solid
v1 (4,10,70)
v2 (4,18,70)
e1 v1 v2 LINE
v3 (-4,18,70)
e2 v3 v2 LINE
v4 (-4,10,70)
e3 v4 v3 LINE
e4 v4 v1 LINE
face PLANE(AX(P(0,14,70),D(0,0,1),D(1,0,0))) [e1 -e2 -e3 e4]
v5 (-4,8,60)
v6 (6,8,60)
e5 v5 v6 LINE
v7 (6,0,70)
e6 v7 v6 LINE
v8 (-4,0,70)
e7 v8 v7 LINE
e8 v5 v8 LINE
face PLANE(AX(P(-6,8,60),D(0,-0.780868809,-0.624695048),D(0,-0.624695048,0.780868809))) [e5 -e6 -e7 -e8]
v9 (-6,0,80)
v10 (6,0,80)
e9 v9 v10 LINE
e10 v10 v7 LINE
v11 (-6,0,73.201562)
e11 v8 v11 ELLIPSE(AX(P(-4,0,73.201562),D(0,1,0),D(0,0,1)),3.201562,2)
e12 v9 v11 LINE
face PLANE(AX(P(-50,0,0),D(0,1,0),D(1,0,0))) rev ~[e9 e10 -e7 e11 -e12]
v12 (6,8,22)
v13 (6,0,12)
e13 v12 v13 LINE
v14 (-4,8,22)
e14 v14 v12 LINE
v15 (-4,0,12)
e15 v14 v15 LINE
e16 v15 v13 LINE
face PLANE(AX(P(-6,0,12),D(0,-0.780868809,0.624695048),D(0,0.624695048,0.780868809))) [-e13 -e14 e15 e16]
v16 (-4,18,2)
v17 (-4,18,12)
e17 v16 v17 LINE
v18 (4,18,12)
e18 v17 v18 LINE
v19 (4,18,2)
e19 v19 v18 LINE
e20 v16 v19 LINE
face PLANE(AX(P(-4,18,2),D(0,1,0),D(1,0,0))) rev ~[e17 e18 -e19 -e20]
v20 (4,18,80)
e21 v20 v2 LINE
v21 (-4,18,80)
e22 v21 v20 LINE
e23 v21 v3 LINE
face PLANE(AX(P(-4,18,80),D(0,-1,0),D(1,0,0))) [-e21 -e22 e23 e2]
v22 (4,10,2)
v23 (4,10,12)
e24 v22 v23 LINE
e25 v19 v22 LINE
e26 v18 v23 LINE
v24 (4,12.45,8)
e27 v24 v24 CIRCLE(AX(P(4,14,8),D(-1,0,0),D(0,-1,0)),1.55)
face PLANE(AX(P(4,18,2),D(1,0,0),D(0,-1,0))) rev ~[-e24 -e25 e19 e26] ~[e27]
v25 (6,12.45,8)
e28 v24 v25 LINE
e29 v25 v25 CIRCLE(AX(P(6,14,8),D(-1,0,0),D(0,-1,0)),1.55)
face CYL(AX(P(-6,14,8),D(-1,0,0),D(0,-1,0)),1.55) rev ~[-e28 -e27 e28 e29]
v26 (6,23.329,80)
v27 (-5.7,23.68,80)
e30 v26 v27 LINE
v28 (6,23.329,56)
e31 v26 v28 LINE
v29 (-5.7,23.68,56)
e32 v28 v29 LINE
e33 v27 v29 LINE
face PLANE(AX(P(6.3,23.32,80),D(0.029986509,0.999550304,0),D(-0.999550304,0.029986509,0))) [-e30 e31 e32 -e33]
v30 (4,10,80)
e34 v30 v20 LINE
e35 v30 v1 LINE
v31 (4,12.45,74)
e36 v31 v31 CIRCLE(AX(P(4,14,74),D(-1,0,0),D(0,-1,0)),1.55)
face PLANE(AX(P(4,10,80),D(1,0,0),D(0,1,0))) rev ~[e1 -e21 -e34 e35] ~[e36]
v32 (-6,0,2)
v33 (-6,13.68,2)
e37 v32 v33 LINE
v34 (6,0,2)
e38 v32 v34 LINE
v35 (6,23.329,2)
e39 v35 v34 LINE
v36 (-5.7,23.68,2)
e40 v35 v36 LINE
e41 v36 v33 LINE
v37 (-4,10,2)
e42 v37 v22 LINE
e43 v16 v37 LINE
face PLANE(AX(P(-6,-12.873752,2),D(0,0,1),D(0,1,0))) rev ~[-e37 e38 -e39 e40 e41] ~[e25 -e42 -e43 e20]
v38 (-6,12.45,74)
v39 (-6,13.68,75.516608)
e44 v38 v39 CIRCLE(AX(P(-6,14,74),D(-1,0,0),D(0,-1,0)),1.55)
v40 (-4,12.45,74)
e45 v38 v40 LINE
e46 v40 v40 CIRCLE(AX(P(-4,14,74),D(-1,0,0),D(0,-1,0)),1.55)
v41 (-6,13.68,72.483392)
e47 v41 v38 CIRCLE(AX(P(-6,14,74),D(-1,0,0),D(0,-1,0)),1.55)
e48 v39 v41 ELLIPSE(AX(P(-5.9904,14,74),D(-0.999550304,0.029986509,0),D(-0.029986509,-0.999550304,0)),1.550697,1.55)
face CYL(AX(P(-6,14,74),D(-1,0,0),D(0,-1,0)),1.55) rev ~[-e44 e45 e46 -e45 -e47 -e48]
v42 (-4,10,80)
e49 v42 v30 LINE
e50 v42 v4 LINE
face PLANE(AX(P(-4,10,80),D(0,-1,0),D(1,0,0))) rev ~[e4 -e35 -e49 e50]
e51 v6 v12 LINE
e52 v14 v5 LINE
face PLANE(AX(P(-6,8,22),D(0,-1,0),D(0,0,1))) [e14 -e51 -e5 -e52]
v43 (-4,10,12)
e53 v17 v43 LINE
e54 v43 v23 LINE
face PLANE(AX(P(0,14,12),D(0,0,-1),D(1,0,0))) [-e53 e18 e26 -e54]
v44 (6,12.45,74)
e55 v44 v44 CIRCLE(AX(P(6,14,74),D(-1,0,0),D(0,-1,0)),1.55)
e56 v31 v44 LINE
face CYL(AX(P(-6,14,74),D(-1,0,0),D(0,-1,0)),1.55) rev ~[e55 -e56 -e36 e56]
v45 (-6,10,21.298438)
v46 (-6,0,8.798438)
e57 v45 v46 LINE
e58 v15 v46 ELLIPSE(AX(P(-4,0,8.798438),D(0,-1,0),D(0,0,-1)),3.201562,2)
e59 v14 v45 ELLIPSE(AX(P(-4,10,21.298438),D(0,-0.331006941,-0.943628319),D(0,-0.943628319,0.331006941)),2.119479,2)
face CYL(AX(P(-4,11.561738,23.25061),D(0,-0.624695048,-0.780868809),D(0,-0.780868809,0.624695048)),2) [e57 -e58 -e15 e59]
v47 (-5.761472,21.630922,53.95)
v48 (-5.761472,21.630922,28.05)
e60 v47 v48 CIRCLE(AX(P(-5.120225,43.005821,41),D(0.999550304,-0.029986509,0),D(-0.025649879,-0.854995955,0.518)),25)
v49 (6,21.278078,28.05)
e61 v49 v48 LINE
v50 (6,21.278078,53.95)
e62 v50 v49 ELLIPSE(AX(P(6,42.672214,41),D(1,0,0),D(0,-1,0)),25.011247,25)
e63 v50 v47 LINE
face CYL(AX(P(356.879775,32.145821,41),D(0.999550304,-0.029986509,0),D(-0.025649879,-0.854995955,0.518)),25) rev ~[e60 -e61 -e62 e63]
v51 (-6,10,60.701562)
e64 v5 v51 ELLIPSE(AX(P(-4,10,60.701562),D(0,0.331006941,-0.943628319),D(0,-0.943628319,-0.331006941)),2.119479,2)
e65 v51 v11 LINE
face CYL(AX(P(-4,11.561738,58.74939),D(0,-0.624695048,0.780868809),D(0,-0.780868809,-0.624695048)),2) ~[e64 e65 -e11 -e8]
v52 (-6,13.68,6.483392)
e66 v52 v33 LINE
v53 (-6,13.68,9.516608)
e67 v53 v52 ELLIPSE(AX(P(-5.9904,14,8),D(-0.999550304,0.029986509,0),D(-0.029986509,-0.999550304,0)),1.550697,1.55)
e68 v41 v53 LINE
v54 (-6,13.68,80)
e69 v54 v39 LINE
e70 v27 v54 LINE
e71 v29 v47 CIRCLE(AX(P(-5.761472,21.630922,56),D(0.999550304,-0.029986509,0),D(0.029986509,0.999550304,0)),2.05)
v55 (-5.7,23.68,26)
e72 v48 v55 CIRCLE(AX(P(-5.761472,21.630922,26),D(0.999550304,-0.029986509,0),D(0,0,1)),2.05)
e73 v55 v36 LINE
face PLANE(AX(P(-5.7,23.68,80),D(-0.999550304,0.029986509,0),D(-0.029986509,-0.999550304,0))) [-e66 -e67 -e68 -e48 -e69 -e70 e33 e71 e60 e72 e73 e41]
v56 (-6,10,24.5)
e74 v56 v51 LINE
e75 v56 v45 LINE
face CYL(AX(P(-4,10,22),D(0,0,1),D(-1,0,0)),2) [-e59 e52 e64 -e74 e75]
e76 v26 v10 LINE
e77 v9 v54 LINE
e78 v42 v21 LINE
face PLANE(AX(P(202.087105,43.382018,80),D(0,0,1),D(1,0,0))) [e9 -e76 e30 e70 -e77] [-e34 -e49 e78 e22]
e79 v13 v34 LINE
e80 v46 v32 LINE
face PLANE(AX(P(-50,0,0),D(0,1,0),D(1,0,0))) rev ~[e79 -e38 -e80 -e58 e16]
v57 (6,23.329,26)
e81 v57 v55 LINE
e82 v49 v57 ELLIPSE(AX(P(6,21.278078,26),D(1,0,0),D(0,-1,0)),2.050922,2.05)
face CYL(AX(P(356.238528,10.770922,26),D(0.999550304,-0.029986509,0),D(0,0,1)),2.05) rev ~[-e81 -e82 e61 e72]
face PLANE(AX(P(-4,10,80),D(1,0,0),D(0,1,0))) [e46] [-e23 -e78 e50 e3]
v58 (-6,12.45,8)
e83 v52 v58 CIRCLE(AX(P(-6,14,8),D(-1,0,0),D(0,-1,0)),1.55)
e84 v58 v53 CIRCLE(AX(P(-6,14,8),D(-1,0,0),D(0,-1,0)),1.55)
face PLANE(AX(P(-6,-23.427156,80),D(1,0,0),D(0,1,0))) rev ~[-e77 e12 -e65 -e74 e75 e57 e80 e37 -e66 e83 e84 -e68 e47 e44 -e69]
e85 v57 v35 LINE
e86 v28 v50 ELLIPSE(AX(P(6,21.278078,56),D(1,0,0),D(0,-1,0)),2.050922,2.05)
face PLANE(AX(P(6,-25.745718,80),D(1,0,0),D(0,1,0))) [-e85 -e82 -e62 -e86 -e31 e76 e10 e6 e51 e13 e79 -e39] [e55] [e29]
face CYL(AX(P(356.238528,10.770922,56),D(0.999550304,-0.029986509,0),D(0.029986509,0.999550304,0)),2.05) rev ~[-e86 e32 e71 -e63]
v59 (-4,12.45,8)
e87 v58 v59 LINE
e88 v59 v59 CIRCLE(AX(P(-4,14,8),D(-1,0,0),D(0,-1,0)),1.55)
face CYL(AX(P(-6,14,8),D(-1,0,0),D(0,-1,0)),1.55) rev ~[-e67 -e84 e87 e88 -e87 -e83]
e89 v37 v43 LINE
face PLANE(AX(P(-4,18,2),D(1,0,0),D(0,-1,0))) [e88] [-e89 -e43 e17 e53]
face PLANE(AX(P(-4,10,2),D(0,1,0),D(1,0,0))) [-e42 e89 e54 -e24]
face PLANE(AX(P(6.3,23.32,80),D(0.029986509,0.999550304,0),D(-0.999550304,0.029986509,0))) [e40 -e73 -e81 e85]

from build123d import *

# Parameters (mm, degrees)
PAD_DEPTH       = 80
POCKET_DEPTH    = 78
POCKET001_DEPTH = 408.7079232475
POCKET002_DEPTH = 408.4326470939
SKETCH004_W     = 93.184578
SKETCH004_H     = 155.633668
SKETCH004_W_2   = 509.235046
SKETCH004_H_2   = 157.082754
POCKET003_DEPTH = 80.001
POCKET004_DEPTH = 12.001
SKETCH006_W     = 8
SKETCH006_H     = 8
POCKET005_DEPTH = 10
SKETCH007_W     = 8
SKETCH007_H     = 8
POCKET006_DEPTH = 10
SKETCH008_R     = 1.55
POCKET007_DEPTH = 12.001
FILLET_R        = 2
FILLET001_R     = 2
FILLET002_R     = 2


with BuildPart() as part:
    # Sketch → Pad (new body)
    with BuildSketch(Plane.XY):
        Polygon((450, 0), (450, 90), (356, 87.18), (355.64, 99.18), (343.64, 98.82), (344, 86.82), (6, 76.68), (5.64, 88.6800000001), (-6.36, 88.3200000001), (-6, 76.32), (-50, 75), (-50, 0), align=None)
    extrude(amount=PAD_DEPTH)

    # Sketch001 (on Face14 of Pad) → Pocket (cut)
    with BuildSketch(Plane.XY.offset(80)):
        Polygon((-50, 15), (-50, 74), (450, 74), (450, 0), (356, 2.82), (356.3, 12.82), (344.3, 13.18), (344, 3.18), (6, 13.32), (6.3, 23.32), (-5.7, 23.68), (-6, 13.68), align=None)
    extrude(amount=-POCKET_DEPTH, mode=Mode.SUBTRACT)

    # Sketch002 (on Face26 of Pocket) → Pocket001 (cut, through all)
    with BuildSketch(Plane(origin=(355.5953641722, -10.6678609252, 0), x_dir=(0.0299865091, 0.9995503035, 0), z_dir=(0.9995503035, -0.0299865091, 0))):
        with BuildLine():
            ThreePointArc((23.4984280855, 56), (19.9988591841, 57.4495689014), (21.4484280855, 53.95))
            ThreePointArc((21.4484280855, 53.95), (17.8329435114, 41), (21.4484280855, 28.05))
            ThreePointArc((21.4484280855, 28.05), (19.9988591841, 24.5504310986), (23.4984280855, 26))
            Line((23.4984280855, 26), (23.4984280855, 56))
        make_face()
    extrude(amount=-POCKET001_DEPTH, mode=Mode.SUBTRACT)

    # Sketch003 (on Face14 of Pocket001) → Pocket002 (cut, through all)
    with BuildSketch(Plane(origin=(358.2929363573, 10.7487880907, 0), x_dir=(-0.0299865091, 0.9995503035, 0), z_dir=(0.9995503035, 0.0299865091, 0))):
        with BuildLine():
            ThreePointArc((88.470997005, 56), (84.9714281036, 57.4495689014), (86.420997005, 53.95))
            ThreePointArc((86.420997005, 53.95), (82.8055124309, 41), (86.420997005, 28.05))
            ThreePointArc((86.420997005, 28.05), (84.9714281036, 24.5504310986), (88.470997005, 26))
            Line((88.470997005, 26), (88.470997005, 56))
        make_face()
    extrude(amount=-POCKET002_DEPTH, mode=Mode.SUBTRACT)

    # Sketch004 (on Face7 of Pocket002) → Pocket003 (cut, through all)
    with BuildSketch(Plane.XY.offset(80)):
        with Locations((-52.592289, 54.389678)):
            Rectangle(SKETCH004_W, SKETCH004_H)
        with Locations((260.617523, 52.795659)):
            Rectangle(SKETCH004_W_2, SKETCH004_H_2)
    extrude(amount=-POCKET003_DEPTH, mode=Mode.SUBTRACT)

    # Sketch005 (on Face3 of Pocket003) → Pocket004 (cut, through all)
    with BuildSketch(Plane(origin=(-6, 0, 0), x_dir=(0, -1, 0), z_dir=(-1, 0, 0))):
        Polygon((12.873752, 2), (-23.68, 2), (-23.68, 84.957535), (-97.468468, 84.957535), (-97.468468, -3.470766), (12.873752, -3.470766), align=None)
    extrude(amount=-POCKET004_DEPTH, mode=Mode.SUBTRACT)

    # Sketch006 (on Face4 of Pocket004) → Pocket005 (cut)
    with BuildSketch(Plane.XY.offset(80)):
        with Locations((0, 14)):
            Rectangle(SKETCH006_W, SKETCH006_H)
    extrude(amount=-POCKET005_DEPTH, mode=Mode.SUBTRACT)

    # Sketch007 (on Face2 of Pocket005) → Pocket006 (cut)
    with BuildSketch(Plane(origin=(0, 0, 2), x_dir=(1, 0, 0), z_dir=(0, 0, -1))):
        with Locations((0, -14)):
            Rectangle(SKETCH007_W, SKETCH007_H)
    extrude(amount=-POCKET006_DEPTH, mode=Mode.SUBTRACT)

    # Sketch008 (on Face1 of Pocket006) → Pocket007 (cut, through all)
    with BuildSketch(Plane(origin=(-6, 0, 0), x_dir=(0, -1, 0), z_dir=(-1, 0, 0))):
        with Locations((-14, 8)):
            Circle(SKETCH008_R)
        with Locations((-14, 74)):
            Circle(SKETCH008_R)
        Polygon((-8, 22), (-8, 60), (0, 70), (0, 12), align=None)
    extrude(amount=-POCKET007_DEPTH, mode=Mode.SUBTRACT)

    # Fillet
    fillet_edges = [part.edges().sort_by_distance(p)[0] for p in [
        (-6, 8, 41),
    ]]
    fillet(fillet_edges, radius=FILLET_R)

    # Fillet001
    fillet001_edges = [part.edges().sort_by_distance(p)[0] for p in [
        (-6, 4, 65),
    ]]
    fillet(fillet001_edges, radius=FILLET001_R)

    # Fillet002
    fillet002_edges = [part.edges().sort_by_distance(p)[0] for p in [
        (-6, 4, 17),
    ]]
    fillet(fillet002_edges, radius=FILLET002_R)


solid = part.part
